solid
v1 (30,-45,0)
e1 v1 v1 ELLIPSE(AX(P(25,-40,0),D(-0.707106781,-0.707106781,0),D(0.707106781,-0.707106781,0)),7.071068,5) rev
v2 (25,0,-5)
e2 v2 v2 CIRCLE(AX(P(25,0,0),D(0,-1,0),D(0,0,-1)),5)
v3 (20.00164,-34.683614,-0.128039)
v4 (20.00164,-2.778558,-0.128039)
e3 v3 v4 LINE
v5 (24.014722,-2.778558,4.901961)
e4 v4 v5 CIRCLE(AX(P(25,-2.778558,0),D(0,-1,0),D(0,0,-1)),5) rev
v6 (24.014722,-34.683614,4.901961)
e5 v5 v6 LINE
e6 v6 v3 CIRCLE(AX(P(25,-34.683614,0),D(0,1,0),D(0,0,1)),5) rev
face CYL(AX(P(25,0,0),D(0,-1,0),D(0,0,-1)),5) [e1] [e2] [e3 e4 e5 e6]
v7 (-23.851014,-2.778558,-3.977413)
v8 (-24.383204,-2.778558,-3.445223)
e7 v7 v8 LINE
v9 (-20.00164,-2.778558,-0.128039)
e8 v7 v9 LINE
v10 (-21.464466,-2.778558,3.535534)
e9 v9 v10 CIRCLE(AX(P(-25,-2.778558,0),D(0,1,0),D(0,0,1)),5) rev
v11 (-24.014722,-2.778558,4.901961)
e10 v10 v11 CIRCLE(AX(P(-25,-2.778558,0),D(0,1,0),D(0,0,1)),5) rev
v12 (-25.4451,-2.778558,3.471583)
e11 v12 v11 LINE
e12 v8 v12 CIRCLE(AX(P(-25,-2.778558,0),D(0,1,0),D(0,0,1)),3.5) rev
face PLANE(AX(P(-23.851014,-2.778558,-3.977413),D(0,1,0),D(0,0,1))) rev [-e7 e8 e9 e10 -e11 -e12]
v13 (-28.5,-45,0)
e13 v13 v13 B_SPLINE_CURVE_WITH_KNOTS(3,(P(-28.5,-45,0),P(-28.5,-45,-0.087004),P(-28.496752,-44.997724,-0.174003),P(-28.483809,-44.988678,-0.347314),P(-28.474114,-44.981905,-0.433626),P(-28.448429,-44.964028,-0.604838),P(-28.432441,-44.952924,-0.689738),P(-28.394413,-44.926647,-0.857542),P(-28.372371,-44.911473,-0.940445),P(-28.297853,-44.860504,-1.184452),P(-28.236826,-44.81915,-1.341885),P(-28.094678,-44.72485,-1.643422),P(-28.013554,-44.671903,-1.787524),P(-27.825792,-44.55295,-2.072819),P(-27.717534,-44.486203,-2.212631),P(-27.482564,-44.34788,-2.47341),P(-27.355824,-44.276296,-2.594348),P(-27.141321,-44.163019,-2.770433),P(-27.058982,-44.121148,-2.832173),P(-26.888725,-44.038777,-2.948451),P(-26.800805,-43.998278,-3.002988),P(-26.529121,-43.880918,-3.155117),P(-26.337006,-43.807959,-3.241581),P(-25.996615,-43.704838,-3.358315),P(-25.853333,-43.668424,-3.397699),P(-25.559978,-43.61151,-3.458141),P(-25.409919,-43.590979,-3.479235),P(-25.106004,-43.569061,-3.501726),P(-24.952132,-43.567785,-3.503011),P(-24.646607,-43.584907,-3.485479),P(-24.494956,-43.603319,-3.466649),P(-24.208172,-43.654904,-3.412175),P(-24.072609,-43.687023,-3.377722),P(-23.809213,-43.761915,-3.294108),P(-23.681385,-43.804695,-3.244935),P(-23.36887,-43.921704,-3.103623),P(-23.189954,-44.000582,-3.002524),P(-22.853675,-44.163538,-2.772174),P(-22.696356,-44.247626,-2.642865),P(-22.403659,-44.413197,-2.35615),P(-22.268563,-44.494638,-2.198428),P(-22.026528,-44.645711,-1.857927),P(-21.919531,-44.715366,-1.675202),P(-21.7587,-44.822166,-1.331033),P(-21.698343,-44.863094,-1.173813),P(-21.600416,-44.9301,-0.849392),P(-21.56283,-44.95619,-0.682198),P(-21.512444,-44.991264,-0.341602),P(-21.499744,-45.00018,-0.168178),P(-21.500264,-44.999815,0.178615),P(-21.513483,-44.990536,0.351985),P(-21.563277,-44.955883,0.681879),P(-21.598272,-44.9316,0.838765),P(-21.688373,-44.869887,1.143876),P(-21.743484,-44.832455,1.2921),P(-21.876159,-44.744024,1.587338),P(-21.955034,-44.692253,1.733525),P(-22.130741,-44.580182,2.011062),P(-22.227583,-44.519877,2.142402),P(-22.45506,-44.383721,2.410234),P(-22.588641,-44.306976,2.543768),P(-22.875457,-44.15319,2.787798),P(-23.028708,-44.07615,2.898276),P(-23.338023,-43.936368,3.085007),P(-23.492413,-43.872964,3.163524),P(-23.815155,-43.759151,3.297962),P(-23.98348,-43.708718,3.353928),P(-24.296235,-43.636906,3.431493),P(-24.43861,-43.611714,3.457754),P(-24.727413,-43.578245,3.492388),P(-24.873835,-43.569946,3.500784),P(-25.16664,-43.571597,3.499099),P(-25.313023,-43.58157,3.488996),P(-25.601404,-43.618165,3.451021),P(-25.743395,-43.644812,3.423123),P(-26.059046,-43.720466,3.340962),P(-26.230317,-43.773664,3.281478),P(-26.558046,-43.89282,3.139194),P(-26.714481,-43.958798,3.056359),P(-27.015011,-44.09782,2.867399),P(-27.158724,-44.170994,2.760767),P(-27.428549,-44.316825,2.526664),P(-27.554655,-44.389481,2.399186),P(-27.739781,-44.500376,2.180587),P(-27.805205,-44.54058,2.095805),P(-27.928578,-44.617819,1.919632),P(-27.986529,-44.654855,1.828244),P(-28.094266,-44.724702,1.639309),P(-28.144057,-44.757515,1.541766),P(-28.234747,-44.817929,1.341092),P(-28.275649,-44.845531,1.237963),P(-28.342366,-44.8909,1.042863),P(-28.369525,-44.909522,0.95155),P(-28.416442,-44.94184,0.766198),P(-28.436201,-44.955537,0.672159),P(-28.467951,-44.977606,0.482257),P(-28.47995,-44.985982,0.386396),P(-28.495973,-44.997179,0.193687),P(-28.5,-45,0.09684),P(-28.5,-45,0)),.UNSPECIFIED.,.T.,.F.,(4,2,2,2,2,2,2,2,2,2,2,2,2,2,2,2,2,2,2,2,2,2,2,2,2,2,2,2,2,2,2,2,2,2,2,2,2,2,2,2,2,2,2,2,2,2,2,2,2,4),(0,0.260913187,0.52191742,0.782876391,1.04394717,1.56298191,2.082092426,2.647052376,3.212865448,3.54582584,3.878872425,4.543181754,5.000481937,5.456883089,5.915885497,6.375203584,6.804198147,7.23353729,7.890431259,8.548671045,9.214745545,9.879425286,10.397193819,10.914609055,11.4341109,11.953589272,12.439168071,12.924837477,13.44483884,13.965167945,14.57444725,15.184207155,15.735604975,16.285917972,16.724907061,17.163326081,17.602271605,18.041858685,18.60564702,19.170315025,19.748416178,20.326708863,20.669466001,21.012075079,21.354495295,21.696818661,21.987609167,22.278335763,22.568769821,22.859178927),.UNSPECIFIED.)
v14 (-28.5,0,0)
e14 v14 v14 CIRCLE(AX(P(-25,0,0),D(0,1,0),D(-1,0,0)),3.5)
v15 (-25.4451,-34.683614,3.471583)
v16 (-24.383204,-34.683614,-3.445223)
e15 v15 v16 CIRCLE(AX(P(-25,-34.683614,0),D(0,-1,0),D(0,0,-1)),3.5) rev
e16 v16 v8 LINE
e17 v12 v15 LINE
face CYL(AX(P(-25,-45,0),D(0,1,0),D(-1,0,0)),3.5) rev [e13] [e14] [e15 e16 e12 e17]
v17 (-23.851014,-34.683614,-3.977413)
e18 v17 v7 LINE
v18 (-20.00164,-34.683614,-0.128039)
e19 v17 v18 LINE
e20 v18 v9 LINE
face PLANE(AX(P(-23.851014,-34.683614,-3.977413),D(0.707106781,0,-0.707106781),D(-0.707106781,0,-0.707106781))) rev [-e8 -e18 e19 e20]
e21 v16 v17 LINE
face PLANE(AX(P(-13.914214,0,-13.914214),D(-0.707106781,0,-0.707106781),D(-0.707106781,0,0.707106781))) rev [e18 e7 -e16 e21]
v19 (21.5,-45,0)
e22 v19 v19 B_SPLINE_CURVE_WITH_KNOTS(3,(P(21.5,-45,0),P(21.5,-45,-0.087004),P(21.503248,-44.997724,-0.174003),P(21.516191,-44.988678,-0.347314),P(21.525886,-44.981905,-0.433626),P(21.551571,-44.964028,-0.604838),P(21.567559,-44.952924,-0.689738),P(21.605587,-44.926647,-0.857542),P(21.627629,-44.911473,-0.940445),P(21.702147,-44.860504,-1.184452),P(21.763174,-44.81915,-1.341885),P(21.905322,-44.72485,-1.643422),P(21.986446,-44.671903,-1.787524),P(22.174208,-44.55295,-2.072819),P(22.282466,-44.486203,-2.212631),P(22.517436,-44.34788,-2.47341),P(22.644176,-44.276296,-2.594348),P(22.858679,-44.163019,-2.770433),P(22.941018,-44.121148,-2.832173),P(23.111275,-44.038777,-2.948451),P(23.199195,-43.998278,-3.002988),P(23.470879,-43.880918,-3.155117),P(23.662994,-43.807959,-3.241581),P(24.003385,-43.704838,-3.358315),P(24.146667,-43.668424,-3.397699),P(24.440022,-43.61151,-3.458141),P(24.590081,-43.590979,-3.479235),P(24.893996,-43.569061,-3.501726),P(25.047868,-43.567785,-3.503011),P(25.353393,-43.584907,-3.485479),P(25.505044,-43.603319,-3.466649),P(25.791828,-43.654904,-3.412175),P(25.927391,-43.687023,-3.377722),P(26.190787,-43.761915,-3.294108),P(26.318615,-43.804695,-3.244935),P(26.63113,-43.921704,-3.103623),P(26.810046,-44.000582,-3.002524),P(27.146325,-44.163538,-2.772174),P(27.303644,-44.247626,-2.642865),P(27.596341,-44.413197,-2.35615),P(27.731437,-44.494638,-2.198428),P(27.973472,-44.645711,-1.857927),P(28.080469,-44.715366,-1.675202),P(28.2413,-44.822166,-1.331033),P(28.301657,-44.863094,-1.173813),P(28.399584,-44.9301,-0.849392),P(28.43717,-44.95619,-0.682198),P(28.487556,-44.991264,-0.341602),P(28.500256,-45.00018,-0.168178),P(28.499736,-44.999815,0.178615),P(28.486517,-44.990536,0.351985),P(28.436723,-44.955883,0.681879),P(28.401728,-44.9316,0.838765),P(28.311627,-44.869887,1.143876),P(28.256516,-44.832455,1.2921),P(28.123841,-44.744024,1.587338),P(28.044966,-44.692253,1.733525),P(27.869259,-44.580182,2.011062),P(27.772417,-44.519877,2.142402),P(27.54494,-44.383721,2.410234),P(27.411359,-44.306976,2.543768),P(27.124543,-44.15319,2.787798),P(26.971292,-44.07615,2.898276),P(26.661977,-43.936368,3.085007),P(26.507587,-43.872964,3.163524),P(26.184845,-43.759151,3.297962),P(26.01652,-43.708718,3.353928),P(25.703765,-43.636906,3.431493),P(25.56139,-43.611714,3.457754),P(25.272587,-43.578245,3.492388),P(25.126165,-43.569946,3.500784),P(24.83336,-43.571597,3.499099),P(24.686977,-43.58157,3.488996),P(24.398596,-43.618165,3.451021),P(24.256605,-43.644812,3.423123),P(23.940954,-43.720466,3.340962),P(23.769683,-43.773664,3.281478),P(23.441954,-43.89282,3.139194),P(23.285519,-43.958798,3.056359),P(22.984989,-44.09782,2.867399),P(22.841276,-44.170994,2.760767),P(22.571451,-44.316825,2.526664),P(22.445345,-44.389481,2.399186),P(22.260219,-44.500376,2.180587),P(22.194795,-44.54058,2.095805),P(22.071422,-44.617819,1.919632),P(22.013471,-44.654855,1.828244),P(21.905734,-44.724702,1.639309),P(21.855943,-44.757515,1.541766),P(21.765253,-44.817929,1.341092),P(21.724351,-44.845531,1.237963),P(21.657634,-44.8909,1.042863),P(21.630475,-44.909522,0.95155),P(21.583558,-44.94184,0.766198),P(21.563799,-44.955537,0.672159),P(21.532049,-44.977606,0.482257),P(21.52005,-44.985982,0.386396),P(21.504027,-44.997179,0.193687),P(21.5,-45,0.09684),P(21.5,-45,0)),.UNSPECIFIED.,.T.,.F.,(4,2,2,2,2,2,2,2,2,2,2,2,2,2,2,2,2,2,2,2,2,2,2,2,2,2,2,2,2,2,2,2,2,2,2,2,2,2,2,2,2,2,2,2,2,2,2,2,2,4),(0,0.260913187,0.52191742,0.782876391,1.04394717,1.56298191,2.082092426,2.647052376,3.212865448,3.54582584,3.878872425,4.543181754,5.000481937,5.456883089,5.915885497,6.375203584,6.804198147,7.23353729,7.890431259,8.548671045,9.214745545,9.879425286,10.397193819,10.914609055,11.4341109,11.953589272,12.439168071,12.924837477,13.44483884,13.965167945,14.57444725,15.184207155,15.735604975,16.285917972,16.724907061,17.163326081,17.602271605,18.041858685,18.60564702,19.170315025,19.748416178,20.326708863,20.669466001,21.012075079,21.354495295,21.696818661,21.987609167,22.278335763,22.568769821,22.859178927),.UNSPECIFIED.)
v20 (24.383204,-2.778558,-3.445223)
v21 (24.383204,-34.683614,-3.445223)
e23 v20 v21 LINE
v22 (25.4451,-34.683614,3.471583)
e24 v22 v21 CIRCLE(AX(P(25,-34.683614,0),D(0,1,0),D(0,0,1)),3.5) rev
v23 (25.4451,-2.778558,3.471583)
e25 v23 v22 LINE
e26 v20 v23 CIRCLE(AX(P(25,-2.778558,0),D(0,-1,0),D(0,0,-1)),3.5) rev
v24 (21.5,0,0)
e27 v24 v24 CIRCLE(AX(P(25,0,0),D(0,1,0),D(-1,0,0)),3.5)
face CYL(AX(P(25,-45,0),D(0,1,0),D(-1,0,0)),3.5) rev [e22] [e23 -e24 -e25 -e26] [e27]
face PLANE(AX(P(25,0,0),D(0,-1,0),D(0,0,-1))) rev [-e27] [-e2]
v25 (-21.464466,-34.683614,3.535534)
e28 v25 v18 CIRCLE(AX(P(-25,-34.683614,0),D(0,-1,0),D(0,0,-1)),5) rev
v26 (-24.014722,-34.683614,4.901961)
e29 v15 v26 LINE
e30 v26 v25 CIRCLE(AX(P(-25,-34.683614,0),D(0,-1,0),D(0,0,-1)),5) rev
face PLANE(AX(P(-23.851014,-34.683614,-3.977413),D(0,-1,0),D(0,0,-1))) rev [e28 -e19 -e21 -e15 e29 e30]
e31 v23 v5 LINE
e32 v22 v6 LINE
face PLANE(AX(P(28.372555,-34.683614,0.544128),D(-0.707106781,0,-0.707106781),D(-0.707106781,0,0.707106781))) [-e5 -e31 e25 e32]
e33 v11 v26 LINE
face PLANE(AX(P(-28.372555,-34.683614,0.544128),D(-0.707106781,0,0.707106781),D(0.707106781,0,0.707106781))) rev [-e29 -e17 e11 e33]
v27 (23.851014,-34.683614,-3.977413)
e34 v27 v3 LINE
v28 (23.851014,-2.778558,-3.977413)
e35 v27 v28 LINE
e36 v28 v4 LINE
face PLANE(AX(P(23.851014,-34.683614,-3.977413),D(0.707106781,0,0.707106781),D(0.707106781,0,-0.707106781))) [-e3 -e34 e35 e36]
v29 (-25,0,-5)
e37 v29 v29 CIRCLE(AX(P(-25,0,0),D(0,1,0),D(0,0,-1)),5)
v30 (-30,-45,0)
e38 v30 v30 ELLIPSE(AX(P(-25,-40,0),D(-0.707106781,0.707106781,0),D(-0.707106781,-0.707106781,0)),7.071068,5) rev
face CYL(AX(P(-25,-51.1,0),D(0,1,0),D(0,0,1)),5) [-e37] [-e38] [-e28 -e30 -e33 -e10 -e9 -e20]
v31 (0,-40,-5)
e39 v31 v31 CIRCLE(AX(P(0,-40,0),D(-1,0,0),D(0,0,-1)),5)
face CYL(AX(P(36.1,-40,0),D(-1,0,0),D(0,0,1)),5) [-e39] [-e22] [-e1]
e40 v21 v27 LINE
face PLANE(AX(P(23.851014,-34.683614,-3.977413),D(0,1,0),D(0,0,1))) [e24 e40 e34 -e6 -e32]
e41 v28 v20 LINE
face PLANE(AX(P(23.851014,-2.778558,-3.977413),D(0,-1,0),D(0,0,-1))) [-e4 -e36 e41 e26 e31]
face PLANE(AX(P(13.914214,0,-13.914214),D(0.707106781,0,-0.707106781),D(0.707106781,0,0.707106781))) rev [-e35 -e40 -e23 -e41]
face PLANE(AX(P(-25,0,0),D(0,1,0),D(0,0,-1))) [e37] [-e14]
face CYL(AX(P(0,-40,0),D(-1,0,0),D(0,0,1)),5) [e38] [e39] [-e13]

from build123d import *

# Parameters (mm, degrees)
SWEEP1_PROFILE_R                           = 5
SKETCH17_R                                 = 3.5
CUT_EXTRUDE1_DEPTH                         = 55.313902456
SKETCH18_W                                 = 31.905055519
SKETCH18_H                                 = 6.394424732
CUT_EXTRUDE2_DEPTH                         = 7
MIRROR1_AT_THE_SECOND_PLANE_COPY_1_SKETC_W = 31.905055519
MIRROR1_AT_THE_SECOND_PLANE_COPY_1_SKETC_H = 6.394424732
MIRROR1_AT_THE_SECOND_PLANE_COPY_1_DEPTH   = 7


with BuildPart() as part:
    # Sweep1: sweep along a path in Sketch1
    with BuildLine(Plane.XY) as sweep1_path:
        Line((-25, 0), (-25, -40))
        Line((-25, -40), (0, -40))
        Line((0, -40), (25, -40))
        Line((25, -40), (25, 0))
    # Sweep1 profile (on start of the path) → Sweep1 (sweep)
    with BuildSketch(Plane(origin=(-25, 0, 0), x_dir=(0, 0, -1), z_dir=(0, -1, 0))):
        Circle(SWEEP1_PROFILE_R)
    sweep(path=sweep1_path.line, transition=Transition.RIGHT)

    # Sketch17 → Cut-Extrude1 (cut, through all)
    with BuildSketch(Plane(origin=(0, 0, 0), x_dir=(1, 0, 0), z_dir=(0, 1, 0))):
        with Locations(Location((-25, 0, 0), (0, 0, 180))):
            Circle(SKETCH17_R)
        with Locations(Location((25, 0, 0), (0, 0, 180))):
            Circle(SKETCH17_R)
    extrude(amount=-CUT_EXTRUDE1_DEPTH, mode=Mode.SUBTRACT)

    # Sketch18 → Cut-Extrude2 (cut)
    with BuildSketch(Plane(origin=(-8.964466094, 0, -8.964466094), x_dir=(0, 1, 0), z_dir=(0.7071067811865488, 0, 0.7071067811865464))):
        with Locations((-18.731085844, 17.249970265)):
            Rectangle(SKETCH18_W, SKETCH18_H)
    cut_extrude2 = extrude(amount=-CUT_EXTRUDE2_DEPTH, mode=Mode.SUBTRACT)

    # Mirror1: Cut-Extrude2 across plane
    add(cut_extrude2.mirror(Plane(origin=(-8.964466094, 0, -8.964466094), x_dir=(-0.7071067811865465, 0, 0.7071067811865486), z_dir=(0.7071067811865488, 0, 0.7071067811865464))), mode=Mode.SUBTRACT)

    # Mirror1 at the second plane: Cut-Extrude2 across plane
    add(cut_extrude2.mirror(Plane(origin=(0, 0, 0), x_dir=(0, 0, 1), z_dir=(1, 0, 0))), mode=Mode.SUBTRACT)

    # Mirror1 at the second plane copy 1 sketc → Mirror1 at the second plane copy 1 (cut)
    with BuildSketch(Plane(origin=(8.964466094, 0, -8.964466094), x_dir=(0, 1, 0), z_dir=(0.707106781186549, 0, -0.7071067811865466))):
        with Locations((-18.731085844, 17.249970265)):
            Rectangle(MIRROR1_AT_THE_SECOND_PLANE_COPY_1_SKETC_W, MIRROR1_AT_THE_SECOND_PLANE_COPY_1_SKETC_H)
    extrude(amount=-MIRROR1_AT_THE_SECOND_PLANE_COPY_1_DEPTH, mode=Mode.SUBTRACT)


solid = part.part
